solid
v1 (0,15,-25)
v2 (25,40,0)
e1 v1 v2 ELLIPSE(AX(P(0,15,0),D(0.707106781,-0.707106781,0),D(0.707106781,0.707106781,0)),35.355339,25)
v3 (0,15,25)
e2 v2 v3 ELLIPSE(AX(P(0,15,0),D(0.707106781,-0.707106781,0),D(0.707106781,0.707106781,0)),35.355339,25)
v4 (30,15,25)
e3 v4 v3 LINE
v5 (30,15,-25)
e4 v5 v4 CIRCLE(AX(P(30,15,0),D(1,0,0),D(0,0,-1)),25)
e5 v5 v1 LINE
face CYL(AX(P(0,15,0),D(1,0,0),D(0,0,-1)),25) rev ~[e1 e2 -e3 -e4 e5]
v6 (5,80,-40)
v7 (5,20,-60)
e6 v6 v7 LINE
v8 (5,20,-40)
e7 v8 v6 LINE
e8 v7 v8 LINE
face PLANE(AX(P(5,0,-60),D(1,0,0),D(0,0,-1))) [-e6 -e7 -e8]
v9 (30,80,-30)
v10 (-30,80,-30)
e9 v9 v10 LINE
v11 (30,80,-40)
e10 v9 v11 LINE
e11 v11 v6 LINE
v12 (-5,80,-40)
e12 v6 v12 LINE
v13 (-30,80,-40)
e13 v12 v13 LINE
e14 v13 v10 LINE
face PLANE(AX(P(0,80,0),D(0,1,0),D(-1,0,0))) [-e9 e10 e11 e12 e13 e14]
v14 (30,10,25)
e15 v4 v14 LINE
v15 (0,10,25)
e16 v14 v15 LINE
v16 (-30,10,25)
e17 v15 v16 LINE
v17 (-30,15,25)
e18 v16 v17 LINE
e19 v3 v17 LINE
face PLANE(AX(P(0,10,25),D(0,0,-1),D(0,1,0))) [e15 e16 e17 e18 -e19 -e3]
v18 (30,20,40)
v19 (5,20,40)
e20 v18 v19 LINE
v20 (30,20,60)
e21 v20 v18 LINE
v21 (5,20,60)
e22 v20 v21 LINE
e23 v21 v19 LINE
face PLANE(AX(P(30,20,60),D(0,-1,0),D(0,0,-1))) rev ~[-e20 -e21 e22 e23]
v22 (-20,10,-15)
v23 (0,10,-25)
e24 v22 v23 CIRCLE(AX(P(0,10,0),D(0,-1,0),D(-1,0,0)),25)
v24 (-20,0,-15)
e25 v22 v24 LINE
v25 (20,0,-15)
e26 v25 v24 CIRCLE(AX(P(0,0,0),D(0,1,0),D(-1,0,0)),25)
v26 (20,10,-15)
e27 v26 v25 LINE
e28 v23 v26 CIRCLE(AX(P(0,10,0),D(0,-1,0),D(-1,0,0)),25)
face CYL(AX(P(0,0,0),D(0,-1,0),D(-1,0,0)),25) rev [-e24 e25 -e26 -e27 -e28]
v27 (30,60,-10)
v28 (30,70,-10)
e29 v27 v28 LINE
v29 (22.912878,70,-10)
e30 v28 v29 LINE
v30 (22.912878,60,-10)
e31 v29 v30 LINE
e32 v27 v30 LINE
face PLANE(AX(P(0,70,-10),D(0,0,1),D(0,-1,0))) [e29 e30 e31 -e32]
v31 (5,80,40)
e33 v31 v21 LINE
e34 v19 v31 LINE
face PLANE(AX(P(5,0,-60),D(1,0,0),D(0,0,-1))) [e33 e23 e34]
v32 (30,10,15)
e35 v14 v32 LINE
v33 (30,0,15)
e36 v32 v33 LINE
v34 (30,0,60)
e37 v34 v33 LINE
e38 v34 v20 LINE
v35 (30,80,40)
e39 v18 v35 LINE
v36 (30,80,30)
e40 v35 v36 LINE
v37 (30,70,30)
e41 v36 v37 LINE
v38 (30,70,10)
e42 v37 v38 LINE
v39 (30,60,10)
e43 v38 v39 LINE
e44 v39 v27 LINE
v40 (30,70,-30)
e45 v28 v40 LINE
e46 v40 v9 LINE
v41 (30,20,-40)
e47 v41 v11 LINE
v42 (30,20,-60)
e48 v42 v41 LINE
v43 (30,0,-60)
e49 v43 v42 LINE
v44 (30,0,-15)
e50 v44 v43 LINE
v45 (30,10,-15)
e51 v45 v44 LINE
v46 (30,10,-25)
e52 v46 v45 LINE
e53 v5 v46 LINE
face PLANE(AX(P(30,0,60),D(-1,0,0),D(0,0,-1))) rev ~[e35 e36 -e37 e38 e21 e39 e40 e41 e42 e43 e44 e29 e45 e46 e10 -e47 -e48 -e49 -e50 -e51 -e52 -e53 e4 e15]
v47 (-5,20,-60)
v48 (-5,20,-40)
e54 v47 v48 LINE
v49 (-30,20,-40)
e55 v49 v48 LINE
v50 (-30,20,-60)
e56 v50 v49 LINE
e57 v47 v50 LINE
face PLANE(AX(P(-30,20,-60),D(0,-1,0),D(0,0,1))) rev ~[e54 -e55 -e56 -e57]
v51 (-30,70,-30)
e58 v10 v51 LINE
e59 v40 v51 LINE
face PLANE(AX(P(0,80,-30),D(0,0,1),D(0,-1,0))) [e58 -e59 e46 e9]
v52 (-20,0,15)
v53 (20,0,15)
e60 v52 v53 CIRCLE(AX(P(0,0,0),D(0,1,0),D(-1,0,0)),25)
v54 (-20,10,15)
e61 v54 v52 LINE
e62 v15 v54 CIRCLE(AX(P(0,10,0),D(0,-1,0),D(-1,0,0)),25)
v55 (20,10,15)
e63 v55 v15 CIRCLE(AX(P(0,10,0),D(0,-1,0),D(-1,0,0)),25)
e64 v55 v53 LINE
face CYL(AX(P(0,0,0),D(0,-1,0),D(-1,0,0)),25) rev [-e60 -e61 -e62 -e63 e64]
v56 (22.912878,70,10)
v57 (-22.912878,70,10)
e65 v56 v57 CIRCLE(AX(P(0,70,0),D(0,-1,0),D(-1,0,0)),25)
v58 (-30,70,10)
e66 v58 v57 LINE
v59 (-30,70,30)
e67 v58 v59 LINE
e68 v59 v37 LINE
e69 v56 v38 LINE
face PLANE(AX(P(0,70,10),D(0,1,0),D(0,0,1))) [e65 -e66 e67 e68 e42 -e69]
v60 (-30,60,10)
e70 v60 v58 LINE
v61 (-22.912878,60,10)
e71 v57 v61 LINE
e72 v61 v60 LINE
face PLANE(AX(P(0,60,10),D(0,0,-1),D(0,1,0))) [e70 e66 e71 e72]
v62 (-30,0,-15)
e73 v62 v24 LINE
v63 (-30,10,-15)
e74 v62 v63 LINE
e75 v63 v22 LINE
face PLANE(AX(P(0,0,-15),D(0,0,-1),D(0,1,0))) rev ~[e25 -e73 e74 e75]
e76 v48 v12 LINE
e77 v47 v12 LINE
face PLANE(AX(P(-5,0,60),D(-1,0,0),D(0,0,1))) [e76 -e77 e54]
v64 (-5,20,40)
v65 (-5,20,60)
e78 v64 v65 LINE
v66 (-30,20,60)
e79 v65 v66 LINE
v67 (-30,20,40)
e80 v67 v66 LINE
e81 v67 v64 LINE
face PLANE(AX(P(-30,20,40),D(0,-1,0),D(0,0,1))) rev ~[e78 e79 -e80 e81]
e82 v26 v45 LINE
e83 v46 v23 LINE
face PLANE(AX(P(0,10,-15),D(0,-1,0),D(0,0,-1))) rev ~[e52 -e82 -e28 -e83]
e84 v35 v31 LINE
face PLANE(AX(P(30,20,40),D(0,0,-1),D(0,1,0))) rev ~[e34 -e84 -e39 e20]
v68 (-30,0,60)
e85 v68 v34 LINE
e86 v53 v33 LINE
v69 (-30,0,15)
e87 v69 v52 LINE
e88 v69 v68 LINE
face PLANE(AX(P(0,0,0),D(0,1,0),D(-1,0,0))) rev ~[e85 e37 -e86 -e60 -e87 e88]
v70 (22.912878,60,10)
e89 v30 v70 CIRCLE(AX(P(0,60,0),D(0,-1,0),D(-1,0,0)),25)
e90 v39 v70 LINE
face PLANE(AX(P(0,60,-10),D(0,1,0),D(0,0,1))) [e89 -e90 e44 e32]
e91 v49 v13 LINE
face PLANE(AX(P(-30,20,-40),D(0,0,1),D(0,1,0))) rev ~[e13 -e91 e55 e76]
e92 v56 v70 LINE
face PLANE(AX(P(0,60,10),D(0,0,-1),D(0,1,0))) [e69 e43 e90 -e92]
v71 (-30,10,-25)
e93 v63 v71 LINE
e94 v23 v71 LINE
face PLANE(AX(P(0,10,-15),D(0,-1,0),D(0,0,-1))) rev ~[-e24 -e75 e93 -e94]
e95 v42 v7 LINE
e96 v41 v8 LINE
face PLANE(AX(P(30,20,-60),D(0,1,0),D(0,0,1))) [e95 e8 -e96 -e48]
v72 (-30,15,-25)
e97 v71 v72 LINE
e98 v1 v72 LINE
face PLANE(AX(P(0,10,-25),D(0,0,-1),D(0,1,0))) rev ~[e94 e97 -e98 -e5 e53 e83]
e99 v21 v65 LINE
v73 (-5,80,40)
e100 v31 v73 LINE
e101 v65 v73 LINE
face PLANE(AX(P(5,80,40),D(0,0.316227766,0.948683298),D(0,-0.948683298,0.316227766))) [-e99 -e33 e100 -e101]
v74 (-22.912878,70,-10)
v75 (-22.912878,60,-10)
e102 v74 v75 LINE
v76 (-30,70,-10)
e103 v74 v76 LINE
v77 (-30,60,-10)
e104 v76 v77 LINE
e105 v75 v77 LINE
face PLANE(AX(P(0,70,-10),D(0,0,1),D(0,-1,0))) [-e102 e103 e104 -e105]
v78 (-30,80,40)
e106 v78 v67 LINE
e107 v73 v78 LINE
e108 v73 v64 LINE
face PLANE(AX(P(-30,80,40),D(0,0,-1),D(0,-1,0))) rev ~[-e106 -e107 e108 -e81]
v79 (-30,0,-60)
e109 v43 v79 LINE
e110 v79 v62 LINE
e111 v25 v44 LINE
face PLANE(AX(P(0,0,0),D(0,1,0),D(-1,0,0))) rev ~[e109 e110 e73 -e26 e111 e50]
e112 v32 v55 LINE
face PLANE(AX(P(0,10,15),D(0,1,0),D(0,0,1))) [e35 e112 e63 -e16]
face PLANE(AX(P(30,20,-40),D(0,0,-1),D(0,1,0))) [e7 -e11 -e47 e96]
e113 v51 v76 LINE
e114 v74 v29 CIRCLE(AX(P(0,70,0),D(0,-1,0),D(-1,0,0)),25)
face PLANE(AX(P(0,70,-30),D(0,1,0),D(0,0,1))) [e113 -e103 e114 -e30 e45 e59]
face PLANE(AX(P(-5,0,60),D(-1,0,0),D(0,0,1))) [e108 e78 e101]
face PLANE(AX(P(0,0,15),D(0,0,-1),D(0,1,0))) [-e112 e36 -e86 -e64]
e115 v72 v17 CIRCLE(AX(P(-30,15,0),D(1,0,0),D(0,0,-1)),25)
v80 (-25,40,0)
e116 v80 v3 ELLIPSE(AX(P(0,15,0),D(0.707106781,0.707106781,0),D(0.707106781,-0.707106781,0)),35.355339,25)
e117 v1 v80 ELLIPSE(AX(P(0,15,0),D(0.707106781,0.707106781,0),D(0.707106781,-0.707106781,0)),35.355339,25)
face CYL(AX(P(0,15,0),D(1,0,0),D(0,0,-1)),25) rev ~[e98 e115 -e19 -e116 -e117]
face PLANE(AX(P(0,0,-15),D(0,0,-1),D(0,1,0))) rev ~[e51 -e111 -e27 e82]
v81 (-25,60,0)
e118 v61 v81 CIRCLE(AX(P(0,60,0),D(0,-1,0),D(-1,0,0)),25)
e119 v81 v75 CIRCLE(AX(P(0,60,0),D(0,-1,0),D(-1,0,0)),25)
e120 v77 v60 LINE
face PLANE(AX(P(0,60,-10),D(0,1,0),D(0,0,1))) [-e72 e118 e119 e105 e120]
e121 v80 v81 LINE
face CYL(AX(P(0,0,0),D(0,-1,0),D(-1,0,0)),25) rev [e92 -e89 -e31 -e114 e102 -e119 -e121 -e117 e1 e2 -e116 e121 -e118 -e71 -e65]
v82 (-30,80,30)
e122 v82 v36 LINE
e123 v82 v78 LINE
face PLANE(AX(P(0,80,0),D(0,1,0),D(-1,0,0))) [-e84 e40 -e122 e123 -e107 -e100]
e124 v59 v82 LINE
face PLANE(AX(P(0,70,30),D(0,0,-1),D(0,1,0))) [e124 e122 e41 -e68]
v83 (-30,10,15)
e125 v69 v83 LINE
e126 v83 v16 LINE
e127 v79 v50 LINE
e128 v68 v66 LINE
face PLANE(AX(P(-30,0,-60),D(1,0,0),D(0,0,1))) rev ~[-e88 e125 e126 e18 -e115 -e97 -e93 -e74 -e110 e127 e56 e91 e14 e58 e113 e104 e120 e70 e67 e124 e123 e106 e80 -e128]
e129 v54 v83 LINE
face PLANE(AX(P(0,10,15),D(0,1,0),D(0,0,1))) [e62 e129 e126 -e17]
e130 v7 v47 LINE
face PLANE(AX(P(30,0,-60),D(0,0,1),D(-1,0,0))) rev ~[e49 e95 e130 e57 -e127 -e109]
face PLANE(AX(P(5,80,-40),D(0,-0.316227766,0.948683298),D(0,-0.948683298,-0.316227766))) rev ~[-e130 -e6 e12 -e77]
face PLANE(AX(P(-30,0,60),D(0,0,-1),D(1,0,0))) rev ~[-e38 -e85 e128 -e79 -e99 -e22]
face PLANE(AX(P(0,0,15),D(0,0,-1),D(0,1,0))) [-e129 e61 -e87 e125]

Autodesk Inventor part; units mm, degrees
ref_plane "YZ Plane" through (0, 0, 0) normal (1, 0, 0) x (0, 1, 0)
ref_plane "XZ Plane" through (0, 0, 0) normal (0, 1, 0) x (-1, 0, 0)
ref_plane "XY Plane" through (0, 0, 0) normal (0, 0, 1) x (1, 0, 0)
sketch "Эскиз1" plane through (0, 0, 0) normal (0, 1, 0) x (-1, 0, 0)
  line L0 (30, 60) -> (-30, 60)
  line L1 (-30, 60) -> (-30, -60)
  line L2 (-30, -60) -> (30, -60)
  line L3 (30, -60) -> (30, 60)
  point P0 (0, 0)
  dimension "d0" = 60
  dimension "d1" = 120
extrude "Выдавливание1" add sketch "Эскиз1" along normal blind 80
sketch "Эскиз2" plane through (0, 0, 0) normal (1, 0, 0) x (0, 1, 0)
  line L0 (80, 60) -> (80, -60) projected
  line L1 (80, -30) -> (70, -30)
  line L2 (80, -30) -> (90, -30) construction
  line L3 (70, -30) -> (70, -10)
  line L4 (70, -10) -> (60, -10)
  line L5 (60, -10) -> (60, 10)
  line L6 (60, 10) -> (70, 10)
  line L7 (70, 10) -> (70, 30)
  line L8 (70, 30) -> (80, 30)
extrude "Выдавливание2" cut sketch "Эскиз2" against normal mid plane 80
sketch "Эскиз3" plane through (0, 0, 0) normal (1, 0, 0) x (0, 1, 0)
  line L0 (0, 60) -> (0, -60) projected
  line L1 (0, -15) -> (10, -15)
  line L2 (0, -15) -> (10, -15) construction
  line L3 (10, -15) -> (10, -25)
  line L4 (10, -25) -> (15, -25)
  line L5 (0, -15) -> (0, 15)
  line L6 (0, 15) -> (10, 15)
  line L7 (10, 15) -> (10, 25)
  line L8 (10, 25) -> (15, 25)
  arc A0 (15, -25) -> (15, 25) centre (15, 0) ccw
  point P0 (0, 0)
  dimension "d20" = 10
  dimension "d21" = 0
  dimension "d22" = 30
extrude "Выдавливание3" cut sketch "Эскиз3" against normal mid plane 80
sketch "Эскиз4" plane through (0, 0, 0) normal (0, 1, 0) x (-1, 0, 0)
  circle A0 centre (0, 0) radius 25
  dimension "d25" = 50
extrude "Выдавливание4" cut sketch "Эскиз4" along normal blind 80
sketch "Эскиз5" plane through (30, 0, -60) normal (1, 0, 0) x (0, 0, -1)
  line L0 (-120, 0) -> (-120, 80) projected
  line L1 (-120, 20) -> (-100, 20)
  line L2 (-120, 20) -> (-100, 20) construction
  line L3 (-100, 20) -> (-100, 80)
  line L4 (-120, 80) -> (-90, 80) projected
  line L5 (0, 0) -> (0, 80) projected
  line L6 (0, 20) -> (-20, 20)
  line L7 (0, 20) -> (20, 20) construction
  line L8 (-20, 20) -> (-20, 80)
  line L9 (0, 80) -> (-30, 80) projected
  point P0 (-60, 0)
  dimension "d28" = 20
  dimension "d29" = 0
  dimension "d30" = 20
  dimension "d31" = 180
extrude "Выдавливание5" cut sketch "Эскиз5" against normal blind 25
sketch "Эскиз6" plane through (-30, 0, 60) normal (-1, 0, 0) x (0, 0, 1)
  line L0 (-120, 0) -> (-120, 80) projected
  line L1 (-120, 20) -> (-100, 20) projected
  line L2 (-120, 20) -> (-100, 20)
  line L3 (-100, 20) -> (-100, 80)
  line L4 (-120, 80) -> (-90, 80) projected
  line L5 (-20, 20) -> (0, 20) projected
  line L6 (0, 20) -> (-20, 20)
  line L7 (-20, 80) -> (-20, 20) projected
  line L8 (-20, 20) -> (-20, 80)
  line L9 (-20, 80) -> (-30, 80) projected
  line L10 (-30, 80) -> (0, 80) projected
  line L11 (-20, 80) -> (0, 80)
  line L12 (0, 20) -> (0, 80) projected
  line L13 (0, 80) -> (0, 20)
  point P0 (-60, 0)
extrude "Выдавливание6" cut sketch "Эскиз6" against normal blind 25
sketch "Эскиз7" plane through (5, 0, -60) normal (1, 0, 0) x (0, 0, -1)
  line L0 (-20, 80) -> (-20, 20) projected
  line L1 (-20, 20) -> (0, 20) projected
  line L2 (-20, 80) -> (0, 20)
  line L3 (0, 20) -> (-20, 20)
  line L4 (0, 80) -> (-20, 80) projected
  line L5 (-20, 20) -> (-20, 80)
  line L6 (0, 20) -> (0, 80) projected
  line L7 (0, 80) -> (0, 20)
  point P0 (-60, 0)
extrude "Выдавливание7" cut sketch "Эскиз7" against normal blind 25 contours L4 L6 L2
sketch "Эскиз8" plane through (5, 0, -60) normal (1, 0, 0) x (0, 0, -1)
  line L0 (-120, 20) -> (-120, 80) projected
  line L1 (-100, 80) -> (-120, 20)
  line L2 (-120, 20) -> (-120, 80)
  line L3 (-120, 80) -> (-100, 80) projected
  line L4 (-120, 80) -> (-100, 80)
  point P0 (-60, 0)
extrude "Выдавливание8" cut sketch "Эскиз8" against normal blind 25
